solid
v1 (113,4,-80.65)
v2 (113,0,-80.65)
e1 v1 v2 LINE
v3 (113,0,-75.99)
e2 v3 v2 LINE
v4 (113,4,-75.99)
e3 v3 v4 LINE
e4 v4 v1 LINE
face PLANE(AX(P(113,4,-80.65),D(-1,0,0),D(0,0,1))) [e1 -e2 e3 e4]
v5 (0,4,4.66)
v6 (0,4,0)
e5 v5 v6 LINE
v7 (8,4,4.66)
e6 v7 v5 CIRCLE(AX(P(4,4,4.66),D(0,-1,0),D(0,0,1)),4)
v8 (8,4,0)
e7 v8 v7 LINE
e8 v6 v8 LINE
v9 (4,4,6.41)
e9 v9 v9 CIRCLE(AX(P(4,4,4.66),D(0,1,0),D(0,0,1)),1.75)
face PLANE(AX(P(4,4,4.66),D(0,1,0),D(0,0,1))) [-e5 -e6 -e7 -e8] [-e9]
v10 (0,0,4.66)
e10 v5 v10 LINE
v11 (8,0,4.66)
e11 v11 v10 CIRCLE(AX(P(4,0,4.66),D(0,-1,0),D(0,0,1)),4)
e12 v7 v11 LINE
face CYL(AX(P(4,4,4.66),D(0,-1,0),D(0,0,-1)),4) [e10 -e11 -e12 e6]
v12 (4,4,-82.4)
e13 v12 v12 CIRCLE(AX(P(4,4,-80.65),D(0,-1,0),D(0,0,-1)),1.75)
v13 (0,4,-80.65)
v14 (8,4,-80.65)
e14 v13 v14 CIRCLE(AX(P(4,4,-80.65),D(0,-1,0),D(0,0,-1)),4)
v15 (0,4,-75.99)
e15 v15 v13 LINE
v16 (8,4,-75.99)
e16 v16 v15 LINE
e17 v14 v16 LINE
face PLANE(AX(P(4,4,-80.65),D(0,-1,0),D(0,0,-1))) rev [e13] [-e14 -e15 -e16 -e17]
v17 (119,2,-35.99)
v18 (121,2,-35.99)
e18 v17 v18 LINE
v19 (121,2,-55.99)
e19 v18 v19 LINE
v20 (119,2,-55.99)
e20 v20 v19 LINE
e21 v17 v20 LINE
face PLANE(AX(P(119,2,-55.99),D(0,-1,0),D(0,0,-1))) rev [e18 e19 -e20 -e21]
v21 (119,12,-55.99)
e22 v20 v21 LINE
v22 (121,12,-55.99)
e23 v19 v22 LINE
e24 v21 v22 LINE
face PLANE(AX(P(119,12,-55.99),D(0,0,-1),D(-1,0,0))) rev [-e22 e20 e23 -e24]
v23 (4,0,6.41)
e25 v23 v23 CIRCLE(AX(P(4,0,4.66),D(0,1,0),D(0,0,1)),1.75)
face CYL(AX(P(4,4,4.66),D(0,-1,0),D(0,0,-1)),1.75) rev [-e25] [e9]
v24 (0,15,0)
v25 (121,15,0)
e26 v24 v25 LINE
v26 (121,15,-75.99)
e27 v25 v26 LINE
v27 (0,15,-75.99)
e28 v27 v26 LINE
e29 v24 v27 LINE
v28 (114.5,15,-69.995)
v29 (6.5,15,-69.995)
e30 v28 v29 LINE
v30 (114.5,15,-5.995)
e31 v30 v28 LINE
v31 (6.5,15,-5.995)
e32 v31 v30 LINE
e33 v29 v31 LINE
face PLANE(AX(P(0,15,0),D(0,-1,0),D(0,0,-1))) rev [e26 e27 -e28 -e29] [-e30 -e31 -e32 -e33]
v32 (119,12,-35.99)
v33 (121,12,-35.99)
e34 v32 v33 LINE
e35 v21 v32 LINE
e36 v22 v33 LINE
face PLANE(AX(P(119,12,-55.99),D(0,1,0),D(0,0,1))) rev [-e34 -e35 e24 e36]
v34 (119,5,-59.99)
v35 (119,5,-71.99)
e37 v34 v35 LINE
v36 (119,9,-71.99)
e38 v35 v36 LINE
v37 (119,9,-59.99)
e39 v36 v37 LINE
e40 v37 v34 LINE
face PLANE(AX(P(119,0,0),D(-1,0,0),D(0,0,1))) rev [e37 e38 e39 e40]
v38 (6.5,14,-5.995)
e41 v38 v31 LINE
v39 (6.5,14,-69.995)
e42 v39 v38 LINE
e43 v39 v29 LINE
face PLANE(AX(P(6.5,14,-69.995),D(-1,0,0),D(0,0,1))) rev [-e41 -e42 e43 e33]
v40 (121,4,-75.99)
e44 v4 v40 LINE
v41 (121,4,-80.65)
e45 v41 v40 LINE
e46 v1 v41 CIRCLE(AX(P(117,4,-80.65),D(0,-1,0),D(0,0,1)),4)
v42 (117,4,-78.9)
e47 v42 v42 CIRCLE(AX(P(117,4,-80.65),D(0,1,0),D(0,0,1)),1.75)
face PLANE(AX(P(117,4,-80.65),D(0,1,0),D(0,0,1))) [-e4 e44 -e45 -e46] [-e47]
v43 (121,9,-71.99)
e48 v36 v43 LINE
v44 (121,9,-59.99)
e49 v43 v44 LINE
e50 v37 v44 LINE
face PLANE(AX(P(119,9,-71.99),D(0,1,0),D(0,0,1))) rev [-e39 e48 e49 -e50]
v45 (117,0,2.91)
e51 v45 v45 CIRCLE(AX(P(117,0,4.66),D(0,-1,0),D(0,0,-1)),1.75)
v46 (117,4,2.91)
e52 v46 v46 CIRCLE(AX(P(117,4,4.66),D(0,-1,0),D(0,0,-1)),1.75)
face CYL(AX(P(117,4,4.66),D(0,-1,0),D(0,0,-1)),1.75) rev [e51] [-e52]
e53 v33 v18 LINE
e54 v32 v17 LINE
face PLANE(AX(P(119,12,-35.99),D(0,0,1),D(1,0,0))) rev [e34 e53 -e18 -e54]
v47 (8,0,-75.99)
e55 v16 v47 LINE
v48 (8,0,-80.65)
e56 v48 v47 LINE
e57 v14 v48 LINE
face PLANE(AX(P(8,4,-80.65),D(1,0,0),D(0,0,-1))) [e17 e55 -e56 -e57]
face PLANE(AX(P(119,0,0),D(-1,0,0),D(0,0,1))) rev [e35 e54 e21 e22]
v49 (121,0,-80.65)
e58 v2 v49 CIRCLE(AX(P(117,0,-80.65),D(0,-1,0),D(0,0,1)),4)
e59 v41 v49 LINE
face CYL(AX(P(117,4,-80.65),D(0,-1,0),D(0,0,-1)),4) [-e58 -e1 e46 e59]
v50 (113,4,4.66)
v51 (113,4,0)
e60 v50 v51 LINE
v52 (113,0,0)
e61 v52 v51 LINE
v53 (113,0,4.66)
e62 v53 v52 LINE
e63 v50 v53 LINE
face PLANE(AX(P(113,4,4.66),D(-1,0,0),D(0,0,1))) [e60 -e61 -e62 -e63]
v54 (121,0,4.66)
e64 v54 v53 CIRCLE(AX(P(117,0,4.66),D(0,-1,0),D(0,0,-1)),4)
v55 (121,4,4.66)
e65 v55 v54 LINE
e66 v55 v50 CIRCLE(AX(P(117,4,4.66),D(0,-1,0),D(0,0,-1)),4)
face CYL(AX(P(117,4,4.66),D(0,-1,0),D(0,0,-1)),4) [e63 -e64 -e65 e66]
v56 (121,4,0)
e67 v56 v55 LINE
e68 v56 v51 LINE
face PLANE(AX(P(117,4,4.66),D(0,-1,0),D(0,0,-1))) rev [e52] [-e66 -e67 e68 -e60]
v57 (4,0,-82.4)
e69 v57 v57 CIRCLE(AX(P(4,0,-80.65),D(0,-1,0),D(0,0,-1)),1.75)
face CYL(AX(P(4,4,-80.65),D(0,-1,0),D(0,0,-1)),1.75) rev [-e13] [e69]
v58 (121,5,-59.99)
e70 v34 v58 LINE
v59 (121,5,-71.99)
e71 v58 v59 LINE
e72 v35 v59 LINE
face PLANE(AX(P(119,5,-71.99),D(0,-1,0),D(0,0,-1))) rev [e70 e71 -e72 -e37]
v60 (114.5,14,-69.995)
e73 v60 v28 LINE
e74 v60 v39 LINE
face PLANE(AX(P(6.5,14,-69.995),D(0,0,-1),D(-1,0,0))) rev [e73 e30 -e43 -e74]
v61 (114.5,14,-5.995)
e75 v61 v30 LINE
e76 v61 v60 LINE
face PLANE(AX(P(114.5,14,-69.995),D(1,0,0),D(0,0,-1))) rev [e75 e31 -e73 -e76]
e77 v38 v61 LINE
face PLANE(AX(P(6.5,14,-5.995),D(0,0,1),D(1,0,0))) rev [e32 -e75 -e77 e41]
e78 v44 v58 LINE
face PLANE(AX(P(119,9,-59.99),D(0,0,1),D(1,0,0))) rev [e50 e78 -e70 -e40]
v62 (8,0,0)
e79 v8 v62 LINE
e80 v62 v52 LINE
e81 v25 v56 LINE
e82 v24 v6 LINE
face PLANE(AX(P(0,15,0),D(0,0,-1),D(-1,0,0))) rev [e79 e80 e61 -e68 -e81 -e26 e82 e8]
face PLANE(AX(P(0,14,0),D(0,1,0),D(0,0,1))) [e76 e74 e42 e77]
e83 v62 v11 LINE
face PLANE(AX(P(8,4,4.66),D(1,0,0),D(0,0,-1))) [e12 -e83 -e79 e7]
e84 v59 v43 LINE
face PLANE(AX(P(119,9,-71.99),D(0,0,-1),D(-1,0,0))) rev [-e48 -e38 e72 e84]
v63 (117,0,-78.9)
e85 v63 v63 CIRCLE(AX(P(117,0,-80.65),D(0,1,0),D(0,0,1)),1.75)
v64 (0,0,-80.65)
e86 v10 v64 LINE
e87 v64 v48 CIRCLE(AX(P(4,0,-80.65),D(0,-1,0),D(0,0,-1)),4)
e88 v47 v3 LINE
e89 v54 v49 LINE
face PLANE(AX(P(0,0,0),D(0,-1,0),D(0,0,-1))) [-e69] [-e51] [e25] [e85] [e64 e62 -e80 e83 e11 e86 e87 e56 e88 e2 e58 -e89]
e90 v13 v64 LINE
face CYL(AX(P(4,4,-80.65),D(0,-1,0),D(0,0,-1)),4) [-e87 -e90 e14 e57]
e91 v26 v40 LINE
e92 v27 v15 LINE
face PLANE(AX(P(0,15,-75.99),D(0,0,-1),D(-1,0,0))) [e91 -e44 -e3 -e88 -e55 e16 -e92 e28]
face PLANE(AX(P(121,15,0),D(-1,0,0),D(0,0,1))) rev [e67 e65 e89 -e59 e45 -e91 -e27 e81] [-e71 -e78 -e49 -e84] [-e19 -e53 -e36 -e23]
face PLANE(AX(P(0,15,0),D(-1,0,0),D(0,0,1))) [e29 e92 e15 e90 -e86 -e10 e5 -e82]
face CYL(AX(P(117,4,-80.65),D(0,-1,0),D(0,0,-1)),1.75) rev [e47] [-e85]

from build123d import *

# Parameters (mm, degrees)
SKETCH1_W           = 121
SKETCH1_H           = 75.99
BOSS_EXTRUDE1_DEPTH = 15
SKETCH2_W           = 108
SKETCH2_H           = 64
CUT_EXTRUDE1_DEPTH  = 1
BOSS_EXTRUDE2_DEPTH = 4
SKETCH4_R           = 1.75
CUT_EXTRUDE3_DEPTH  = 4
SKETCH5_W           = 12
SKETCH5_H           = 4
SKETCH5_W_2         = 20
SKETCH5_H_2         = 10
CUT_EXTRUDE4_DEPTH  = 2


with BuildPart() as part:
    # Sketch1 → Boss-Extrude1 (new body)
    with BuildSketch(Plane(origin=(0, 0, 0), x_dir=(1, 0, 0), z_dir=(0, 1, 0))):
        with Locations((60.5, 37.995)):
            Rectangle(SKETCH1_W, SKETCH1_H)
    extrude(amount=BOSS_EXTRUDE1_DEPTH)

    # Sketch2 → Cut-Extrude1 (cut)
    with BuildSketch(Plane(origin=(0, 15, 0), x_dir=(1, 0, 0), z_dir=(0, 1, 0))):
        with Locations((60.5, 37.995)):
            Rectangle(SKETCH2_W, SKETCH2_H)
    extrude(amount=-CUT_EXTRUDE1_DEPTH, mode=Mode.SUBTRACT)

    # Sketch3 → Boss-Extrude2 (add)
    with BuildSketch(Plane.XZ):
        with BuildLine():
            Line((0, -80.65), (0, -71.33))
            ThreePointArc((0, -71.33), (4, -67.33), (8, -71.33))
            Line((8, -71.33), (8, -80.65))
            ThreePointArc((8, -80.65), (4, -84.65), (0, -80.65))
        make_face()
        with BuildLine():
            Line((121, -80.65), (121, -71.33))
            ThreePointArc((121, -71.33), (117, -67.33), (113, -71.33))
            Line((113, -71.33), (113, -80.65))
            ThreePointArc((113, -80.65), (117, -84.65), (121, -80.65))
        make_face()
        with BuildLine():
            Line((0, 4.66), (0, -4.66))
            ThreePointArc((0, -4.66), (4, -8.66), (8, -4.66))
            Line((8, -4.66), (8, 4.66))
            ThreePointArc((8, 4.66), (4, 8.66), (0, 4.66))
        make_face()
        with BuildLine():
            Line((121, 4.66), (121, -4.66))
            ThreePointArc((121, -4.66), (117, -8.66), (113, -4.66))
            Line((113, -4.66), (113, 4.66))
            ThreePointArc((113, 4.66), (117, 8.66), (121, 4.66))
        make_face()
    extrude(amount=-BOSS_EXTRUDE2_DEPTH)

    # Sketch4 → Cut-Extrude3 (cut)
    with BuildSketch(Plane.XZ):
        with Locations(Location((4, -80.65, 0), (0, 0, 270))):
            Circle(SKETCH4_R)
        with Locations(Location((117, -80.65, 0), (0, 0, 90))):
            Circle(SKETCH4_R)
        with Locations(Location((4, 4.66, 0), (0, 0, 90))):
            Circle(SKETCH4_R)
        with Locations(Location((117, 4.66, 0), (0, 0, 270))):
            Circle(SKETCH4_R)
    extrude(amount=-CUT_EXTRUDE3_DEPTH, mode=Mode.SUBTRACT)

    # Sketch5 → Cut-Extrude4 (cut)
    with BuildSketch(Plane(origin=(121, 0, 0), x_dir=(0, 0, -1), z_dir=(1, 0, 0))):
        with Locations((65.99, 7)):
            Rectangle(SKETCH5_W, SKETCH5_H)
        with Locations((45.99, 7)):
            Rectangle(SKETCH5_W_2, SKETCH5_H_2)
    extrude(amount=-CUT_EXTRUDE4_DEPTH, mode=Mode.SUBTRACT)


solid = part.part
